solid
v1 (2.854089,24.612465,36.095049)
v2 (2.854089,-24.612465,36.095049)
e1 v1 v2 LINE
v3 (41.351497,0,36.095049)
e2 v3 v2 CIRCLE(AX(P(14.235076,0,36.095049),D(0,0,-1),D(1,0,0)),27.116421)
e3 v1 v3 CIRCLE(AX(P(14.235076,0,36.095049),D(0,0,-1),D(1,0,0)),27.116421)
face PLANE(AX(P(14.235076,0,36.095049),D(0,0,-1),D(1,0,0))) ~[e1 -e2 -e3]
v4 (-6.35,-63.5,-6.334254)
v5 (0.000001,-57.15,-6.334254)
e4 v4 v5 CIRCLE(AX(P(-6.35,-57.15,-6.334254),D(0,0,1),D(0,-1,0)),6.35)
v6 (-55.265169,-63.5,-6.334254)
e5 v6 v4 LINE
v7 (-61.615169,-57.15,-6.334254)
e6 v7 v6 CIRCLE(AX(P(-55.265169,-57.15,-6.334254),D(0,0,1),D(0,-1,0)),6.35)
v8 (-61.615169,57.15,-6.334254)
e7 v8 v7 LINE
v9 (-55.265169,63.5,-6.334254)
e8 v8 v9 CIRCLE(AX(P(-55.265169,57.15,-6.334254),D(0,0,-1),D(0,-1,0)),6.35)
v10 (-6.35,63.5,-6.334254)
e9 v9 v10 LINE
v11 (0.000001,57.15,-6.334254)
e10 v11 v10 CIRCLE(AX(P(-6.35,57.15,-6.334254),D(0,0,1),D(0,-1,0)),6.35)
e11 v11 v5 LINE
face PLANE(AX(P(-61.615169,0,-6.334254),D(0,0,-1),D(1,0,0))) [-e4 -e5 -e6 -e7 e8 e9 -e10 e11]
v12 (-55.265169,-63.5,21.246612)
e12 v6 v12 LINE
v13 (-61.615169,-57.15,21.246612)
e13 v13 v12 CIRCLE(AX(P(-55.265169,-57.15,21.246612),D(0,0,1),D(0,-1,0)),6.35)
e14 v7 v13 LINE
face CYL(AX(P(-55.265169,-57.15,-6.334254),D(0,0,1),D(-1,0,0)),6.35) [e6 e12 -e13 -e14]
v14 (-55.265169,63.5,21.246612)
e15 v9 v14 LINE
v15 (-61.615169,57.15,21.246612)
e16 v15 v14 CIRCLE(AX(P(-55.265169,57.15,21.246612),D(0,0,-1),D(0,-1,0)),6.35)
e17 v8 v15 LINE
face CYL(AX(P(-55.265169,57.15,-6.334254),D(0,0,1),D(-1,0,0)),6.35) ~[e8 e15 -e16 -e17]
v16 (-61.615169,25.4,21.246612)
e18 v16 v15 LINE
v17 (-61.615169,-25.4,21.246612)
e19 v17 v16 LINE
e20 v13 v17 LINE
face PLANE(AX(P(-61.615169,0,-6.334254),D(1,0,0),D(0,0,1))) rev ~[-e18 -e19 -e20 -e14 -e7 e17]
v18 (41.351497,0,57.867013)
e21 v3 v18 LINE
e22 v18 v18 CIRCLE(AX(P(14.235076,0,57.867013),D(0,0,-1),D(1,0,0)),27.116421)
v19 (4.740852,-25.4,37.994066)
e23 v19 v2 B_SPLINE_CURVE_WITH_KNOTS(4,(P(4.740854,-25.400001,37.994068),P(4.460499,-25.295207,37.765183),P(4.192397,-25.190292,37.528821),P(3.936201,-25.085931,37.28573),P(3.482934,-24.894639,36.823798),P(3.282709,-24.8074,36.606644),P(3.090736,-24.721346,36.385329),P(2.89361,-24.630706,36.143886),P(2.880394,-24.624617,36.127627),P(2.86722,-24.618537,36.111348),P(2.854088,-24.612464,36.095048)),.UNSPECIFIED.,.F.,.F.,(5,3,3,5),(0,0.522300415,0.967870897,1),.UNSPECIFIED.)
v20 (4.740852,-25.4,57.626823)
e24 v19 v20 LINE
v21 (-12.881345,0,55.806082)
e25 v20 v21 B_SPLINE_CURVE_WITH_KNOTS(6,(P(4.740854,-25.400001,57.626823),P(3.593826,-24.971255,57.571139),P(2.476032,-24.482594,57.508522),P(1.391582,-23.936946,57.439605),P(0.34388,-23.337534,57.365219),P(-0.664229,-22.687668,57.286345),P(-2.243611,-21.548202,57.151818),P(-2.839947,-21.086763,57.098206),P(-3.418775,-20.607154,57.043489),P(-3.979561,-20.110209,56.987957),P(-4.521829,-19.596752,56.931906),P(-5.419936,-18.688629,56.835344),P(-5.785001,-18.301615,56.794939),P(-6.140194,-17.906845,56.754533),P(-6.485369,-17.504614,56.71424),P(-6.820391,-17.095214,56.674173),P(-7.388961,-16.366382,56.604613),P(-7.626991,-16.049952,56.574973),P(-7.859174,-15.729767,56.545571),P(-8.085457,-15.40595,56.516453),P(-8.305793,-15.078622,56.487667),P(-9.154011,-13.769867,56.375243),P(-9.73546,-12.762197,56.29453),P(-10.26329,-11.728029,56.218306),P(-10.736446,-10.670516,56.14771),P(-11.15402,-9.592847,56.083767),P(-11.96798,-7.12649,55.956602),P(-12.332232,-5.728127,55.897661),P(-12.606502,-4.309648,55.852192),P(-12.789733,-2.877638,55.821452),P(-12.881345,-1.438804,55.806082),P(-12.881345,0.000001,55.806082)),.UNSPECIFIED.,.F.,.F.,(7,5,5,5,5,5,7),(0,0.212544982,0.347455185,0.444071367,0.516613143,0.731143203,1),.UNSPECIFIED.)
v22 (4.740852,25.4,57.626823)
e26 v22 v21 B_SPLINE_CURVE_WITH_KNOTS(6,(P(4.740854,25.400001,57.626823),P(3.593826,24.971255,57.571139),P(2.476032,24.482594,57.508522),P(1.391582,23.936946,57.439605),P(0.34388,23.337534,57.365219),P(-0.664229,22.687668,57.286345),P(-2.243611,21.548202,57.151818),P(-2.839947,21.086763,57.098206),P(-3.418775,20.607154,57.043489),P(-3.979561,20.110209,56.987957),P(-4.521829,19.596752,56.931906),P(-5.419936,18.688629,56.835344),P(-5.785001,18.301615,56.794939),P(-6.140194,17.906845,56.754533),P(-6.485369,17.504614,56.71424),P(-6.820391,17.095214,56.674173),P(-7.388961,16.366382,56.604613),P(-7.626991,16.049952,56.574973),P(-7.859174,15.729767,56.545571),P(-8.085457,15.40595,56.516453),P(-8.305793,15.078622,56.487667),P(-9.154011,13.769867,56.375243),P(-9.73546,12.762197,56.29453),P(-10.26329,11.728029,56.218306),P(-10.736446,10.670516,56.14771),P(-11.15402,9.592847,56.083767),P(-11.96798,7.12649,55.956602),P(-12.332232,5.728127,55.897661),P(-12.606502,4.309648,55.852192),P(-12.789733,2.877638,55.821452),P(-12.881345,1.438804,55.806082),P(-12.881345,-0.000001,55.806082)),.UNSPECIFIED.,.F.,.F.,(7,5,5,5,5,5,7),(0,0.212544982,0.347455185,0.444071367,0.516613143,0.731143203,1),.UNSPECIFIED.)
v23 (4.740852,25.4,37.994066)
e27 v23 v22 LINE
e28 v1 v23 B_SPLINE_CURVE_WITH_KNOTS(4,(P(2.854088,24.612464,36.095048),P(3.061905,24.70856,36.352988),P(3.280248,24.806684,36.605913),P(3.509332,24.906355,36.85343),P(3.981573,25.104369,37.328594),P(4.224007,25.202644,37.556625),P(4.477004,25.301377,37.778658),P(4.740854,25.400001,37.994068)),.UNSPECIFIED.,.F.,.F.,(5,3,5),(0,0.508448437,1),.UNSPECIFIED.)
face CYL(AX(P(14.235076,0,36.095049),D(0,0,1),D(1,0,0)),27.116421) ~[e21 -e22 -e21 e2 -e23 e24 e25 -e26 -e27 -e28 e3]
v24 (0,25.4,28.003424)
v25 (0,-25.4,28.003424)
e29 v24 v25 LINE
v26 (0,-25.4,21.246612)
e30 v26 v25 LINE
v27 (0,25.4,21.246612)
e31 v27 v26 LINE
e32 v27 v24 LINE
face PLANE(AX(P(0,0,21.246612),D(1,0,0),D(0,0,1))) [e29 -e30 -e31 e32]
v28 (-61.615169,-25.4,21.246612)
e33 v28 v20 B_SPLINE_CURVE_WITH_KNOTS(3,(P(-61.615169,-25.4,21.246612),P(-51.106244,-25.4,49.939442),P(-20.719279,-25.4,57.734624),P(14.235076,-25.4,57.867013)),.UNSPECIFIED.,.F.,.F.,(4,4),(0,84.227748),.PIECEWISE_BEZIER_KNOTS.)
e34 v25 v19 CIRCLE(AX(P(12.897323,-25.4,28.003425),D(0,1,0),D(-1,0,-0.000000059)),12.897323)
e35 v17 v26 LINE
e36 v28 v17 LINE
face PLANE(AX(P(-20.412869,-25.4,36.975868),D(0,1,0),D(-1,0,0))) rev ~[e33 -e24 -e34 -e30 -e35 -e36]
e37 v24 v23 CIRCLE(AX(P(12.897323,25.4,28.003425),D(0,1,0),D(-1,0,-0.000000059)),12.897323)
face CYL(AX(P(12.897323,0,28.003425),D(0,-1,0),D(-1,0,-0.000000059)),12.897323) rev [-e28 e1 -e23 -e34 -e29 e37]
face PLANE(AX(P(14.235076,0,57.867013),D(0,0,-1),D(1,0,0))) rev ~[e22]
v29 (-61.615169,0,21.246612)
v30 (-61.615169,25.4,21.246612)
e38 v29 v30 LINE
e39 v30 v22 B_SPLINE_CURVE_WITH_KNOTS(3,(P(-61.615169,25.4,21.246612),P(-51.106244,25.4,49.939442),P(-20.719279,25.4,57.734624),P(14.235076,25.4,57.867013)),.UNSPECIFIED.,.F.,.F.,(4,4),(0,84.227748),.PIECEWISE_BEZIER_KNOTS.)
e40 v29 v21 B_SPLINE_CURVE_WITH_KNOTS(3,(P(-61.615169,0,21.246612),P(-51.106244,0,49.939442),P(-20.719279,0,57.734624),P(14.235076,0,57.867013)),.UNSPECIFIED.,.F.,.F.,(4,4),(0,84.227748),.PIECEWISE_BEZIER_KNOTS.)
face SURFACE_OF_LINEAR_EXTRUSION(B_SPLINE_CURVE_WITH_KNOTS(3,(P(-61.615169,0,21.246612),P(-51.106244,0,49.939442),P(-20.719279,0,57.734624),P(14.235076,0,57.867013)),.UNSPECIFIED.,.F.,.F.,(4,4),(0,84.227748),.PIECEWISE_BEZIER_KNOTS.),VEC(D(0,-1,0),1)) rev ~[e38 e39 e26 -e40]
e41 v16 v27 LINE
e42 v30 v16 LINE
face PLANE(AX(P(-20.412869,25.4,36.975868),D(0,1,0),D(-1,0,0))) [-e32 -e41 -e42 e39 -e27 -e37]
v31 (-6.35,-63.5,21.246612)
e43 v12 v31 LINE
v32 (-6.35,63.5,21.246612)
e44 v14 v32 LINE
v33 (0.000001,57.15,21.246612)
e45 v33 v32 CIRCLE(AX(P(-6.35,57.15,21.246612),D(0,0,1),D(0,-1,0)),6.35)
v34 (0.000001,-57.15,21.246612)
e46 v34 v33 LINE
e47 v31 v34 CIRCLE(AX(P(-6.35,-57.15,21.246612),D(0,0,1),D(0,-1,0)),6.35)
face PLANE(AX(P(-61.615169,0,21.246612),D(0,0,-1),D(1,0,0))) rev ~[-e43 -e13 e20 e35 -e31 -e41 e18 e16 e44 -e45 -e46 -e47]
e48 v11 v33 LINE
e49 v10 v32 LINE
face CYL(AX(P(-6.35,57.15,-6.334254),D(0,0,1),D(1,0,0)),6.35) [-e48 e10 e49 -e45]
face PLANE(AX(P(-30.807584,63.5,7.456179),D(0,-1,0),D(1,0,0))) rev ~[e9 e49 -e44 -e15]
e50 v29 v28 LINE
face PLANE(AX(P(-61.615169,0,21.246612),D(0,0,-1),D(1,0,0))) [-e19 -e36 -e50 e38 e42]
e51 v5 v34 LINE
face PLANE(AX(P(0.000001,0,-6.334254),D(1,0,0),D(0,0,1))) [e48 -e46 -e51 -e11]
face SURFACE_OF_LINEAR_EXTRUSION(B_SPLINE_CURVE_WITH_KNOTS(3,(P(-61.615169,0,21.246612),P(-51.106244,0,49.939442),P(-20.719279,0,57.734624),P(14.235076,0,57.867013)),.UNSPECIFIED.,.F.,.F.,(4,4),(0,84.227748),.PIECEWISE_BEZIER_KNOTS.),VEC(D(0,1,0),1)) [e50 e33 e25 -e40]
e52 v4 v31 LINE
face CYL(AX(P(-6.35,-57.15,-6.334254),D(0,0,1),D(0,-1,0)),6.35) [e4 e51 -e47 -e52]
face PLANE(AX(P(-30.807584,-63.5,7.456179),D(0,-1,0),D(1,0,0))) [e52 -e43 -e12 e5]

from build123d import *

# Parameters (mm, degrees)
F0_W     = 61.615169
F0_H     = 27.580866
F1_DEPTH = 63.5
F2_DEPTH = 25.4
F4_R     = 6.35


with BuildPart() as f1:
    # F0 (on Front) → F1 (new body, symmetric)
    with BuildSketch(Plane.XZ):
        with Locations((-30.807584, 7.456179)):
            Rectangle(F0_W, F0_H)
    extrude(amount=F1_DEPTH, both=True)

    # F0 (on Front) → F2 (join, symmetric)
    with BuildSketch(Plane.XZ):
        with BuildLine():
            add(Edge.make_bspline(
                [(-61.615169, 21.246612), (-51.106244, 49.939442), (-20.719279, 57.734624), (14.235076, 57.867013)],
                knots=[0, 0, 0, 0, 84.227748, 84.227748, 84.227748, 84.227748], degree=3))
            Line((-61.615169, 21.246612), (0, 21.246612))
            Line((0, 21.246612), (0, 28.003424))
            ThreePointArc((0, 28.003424), (4.263451, 37.58451), (14.235076, 40.831182))
            Line((14.235076, 40.831182), (14.235076, 57.867013))
        make_face()
    extrude(amount=F2_DEPTH, both=True)

    # F0 (on Front) → F3 (revolve)
    with BuildSketch(Plane.XZ):
        Polygon((41.351497, 57.867013), (14.235076, 57.867013), (14.235076, 40.831182), (14.235076, 36.095049), (41.351497, 36.095049), align=None)
    revolve(axis=Axis((14.235076, 0, 46.981031), (0, 0, -1)))

    # F4
    f4_edges = [f1.edges().sort_by_distance(p)[0] for p in [
        (0, -63.5, 7.456179),
        (-61.615169, -63.5, 7.456179),
        (0, 63.5, 7.456179),
        (-61.615169, 63.5, 7.456179),
    ]]
    fillet(f4_edges, radius=F4_R)


solid = f1.part
